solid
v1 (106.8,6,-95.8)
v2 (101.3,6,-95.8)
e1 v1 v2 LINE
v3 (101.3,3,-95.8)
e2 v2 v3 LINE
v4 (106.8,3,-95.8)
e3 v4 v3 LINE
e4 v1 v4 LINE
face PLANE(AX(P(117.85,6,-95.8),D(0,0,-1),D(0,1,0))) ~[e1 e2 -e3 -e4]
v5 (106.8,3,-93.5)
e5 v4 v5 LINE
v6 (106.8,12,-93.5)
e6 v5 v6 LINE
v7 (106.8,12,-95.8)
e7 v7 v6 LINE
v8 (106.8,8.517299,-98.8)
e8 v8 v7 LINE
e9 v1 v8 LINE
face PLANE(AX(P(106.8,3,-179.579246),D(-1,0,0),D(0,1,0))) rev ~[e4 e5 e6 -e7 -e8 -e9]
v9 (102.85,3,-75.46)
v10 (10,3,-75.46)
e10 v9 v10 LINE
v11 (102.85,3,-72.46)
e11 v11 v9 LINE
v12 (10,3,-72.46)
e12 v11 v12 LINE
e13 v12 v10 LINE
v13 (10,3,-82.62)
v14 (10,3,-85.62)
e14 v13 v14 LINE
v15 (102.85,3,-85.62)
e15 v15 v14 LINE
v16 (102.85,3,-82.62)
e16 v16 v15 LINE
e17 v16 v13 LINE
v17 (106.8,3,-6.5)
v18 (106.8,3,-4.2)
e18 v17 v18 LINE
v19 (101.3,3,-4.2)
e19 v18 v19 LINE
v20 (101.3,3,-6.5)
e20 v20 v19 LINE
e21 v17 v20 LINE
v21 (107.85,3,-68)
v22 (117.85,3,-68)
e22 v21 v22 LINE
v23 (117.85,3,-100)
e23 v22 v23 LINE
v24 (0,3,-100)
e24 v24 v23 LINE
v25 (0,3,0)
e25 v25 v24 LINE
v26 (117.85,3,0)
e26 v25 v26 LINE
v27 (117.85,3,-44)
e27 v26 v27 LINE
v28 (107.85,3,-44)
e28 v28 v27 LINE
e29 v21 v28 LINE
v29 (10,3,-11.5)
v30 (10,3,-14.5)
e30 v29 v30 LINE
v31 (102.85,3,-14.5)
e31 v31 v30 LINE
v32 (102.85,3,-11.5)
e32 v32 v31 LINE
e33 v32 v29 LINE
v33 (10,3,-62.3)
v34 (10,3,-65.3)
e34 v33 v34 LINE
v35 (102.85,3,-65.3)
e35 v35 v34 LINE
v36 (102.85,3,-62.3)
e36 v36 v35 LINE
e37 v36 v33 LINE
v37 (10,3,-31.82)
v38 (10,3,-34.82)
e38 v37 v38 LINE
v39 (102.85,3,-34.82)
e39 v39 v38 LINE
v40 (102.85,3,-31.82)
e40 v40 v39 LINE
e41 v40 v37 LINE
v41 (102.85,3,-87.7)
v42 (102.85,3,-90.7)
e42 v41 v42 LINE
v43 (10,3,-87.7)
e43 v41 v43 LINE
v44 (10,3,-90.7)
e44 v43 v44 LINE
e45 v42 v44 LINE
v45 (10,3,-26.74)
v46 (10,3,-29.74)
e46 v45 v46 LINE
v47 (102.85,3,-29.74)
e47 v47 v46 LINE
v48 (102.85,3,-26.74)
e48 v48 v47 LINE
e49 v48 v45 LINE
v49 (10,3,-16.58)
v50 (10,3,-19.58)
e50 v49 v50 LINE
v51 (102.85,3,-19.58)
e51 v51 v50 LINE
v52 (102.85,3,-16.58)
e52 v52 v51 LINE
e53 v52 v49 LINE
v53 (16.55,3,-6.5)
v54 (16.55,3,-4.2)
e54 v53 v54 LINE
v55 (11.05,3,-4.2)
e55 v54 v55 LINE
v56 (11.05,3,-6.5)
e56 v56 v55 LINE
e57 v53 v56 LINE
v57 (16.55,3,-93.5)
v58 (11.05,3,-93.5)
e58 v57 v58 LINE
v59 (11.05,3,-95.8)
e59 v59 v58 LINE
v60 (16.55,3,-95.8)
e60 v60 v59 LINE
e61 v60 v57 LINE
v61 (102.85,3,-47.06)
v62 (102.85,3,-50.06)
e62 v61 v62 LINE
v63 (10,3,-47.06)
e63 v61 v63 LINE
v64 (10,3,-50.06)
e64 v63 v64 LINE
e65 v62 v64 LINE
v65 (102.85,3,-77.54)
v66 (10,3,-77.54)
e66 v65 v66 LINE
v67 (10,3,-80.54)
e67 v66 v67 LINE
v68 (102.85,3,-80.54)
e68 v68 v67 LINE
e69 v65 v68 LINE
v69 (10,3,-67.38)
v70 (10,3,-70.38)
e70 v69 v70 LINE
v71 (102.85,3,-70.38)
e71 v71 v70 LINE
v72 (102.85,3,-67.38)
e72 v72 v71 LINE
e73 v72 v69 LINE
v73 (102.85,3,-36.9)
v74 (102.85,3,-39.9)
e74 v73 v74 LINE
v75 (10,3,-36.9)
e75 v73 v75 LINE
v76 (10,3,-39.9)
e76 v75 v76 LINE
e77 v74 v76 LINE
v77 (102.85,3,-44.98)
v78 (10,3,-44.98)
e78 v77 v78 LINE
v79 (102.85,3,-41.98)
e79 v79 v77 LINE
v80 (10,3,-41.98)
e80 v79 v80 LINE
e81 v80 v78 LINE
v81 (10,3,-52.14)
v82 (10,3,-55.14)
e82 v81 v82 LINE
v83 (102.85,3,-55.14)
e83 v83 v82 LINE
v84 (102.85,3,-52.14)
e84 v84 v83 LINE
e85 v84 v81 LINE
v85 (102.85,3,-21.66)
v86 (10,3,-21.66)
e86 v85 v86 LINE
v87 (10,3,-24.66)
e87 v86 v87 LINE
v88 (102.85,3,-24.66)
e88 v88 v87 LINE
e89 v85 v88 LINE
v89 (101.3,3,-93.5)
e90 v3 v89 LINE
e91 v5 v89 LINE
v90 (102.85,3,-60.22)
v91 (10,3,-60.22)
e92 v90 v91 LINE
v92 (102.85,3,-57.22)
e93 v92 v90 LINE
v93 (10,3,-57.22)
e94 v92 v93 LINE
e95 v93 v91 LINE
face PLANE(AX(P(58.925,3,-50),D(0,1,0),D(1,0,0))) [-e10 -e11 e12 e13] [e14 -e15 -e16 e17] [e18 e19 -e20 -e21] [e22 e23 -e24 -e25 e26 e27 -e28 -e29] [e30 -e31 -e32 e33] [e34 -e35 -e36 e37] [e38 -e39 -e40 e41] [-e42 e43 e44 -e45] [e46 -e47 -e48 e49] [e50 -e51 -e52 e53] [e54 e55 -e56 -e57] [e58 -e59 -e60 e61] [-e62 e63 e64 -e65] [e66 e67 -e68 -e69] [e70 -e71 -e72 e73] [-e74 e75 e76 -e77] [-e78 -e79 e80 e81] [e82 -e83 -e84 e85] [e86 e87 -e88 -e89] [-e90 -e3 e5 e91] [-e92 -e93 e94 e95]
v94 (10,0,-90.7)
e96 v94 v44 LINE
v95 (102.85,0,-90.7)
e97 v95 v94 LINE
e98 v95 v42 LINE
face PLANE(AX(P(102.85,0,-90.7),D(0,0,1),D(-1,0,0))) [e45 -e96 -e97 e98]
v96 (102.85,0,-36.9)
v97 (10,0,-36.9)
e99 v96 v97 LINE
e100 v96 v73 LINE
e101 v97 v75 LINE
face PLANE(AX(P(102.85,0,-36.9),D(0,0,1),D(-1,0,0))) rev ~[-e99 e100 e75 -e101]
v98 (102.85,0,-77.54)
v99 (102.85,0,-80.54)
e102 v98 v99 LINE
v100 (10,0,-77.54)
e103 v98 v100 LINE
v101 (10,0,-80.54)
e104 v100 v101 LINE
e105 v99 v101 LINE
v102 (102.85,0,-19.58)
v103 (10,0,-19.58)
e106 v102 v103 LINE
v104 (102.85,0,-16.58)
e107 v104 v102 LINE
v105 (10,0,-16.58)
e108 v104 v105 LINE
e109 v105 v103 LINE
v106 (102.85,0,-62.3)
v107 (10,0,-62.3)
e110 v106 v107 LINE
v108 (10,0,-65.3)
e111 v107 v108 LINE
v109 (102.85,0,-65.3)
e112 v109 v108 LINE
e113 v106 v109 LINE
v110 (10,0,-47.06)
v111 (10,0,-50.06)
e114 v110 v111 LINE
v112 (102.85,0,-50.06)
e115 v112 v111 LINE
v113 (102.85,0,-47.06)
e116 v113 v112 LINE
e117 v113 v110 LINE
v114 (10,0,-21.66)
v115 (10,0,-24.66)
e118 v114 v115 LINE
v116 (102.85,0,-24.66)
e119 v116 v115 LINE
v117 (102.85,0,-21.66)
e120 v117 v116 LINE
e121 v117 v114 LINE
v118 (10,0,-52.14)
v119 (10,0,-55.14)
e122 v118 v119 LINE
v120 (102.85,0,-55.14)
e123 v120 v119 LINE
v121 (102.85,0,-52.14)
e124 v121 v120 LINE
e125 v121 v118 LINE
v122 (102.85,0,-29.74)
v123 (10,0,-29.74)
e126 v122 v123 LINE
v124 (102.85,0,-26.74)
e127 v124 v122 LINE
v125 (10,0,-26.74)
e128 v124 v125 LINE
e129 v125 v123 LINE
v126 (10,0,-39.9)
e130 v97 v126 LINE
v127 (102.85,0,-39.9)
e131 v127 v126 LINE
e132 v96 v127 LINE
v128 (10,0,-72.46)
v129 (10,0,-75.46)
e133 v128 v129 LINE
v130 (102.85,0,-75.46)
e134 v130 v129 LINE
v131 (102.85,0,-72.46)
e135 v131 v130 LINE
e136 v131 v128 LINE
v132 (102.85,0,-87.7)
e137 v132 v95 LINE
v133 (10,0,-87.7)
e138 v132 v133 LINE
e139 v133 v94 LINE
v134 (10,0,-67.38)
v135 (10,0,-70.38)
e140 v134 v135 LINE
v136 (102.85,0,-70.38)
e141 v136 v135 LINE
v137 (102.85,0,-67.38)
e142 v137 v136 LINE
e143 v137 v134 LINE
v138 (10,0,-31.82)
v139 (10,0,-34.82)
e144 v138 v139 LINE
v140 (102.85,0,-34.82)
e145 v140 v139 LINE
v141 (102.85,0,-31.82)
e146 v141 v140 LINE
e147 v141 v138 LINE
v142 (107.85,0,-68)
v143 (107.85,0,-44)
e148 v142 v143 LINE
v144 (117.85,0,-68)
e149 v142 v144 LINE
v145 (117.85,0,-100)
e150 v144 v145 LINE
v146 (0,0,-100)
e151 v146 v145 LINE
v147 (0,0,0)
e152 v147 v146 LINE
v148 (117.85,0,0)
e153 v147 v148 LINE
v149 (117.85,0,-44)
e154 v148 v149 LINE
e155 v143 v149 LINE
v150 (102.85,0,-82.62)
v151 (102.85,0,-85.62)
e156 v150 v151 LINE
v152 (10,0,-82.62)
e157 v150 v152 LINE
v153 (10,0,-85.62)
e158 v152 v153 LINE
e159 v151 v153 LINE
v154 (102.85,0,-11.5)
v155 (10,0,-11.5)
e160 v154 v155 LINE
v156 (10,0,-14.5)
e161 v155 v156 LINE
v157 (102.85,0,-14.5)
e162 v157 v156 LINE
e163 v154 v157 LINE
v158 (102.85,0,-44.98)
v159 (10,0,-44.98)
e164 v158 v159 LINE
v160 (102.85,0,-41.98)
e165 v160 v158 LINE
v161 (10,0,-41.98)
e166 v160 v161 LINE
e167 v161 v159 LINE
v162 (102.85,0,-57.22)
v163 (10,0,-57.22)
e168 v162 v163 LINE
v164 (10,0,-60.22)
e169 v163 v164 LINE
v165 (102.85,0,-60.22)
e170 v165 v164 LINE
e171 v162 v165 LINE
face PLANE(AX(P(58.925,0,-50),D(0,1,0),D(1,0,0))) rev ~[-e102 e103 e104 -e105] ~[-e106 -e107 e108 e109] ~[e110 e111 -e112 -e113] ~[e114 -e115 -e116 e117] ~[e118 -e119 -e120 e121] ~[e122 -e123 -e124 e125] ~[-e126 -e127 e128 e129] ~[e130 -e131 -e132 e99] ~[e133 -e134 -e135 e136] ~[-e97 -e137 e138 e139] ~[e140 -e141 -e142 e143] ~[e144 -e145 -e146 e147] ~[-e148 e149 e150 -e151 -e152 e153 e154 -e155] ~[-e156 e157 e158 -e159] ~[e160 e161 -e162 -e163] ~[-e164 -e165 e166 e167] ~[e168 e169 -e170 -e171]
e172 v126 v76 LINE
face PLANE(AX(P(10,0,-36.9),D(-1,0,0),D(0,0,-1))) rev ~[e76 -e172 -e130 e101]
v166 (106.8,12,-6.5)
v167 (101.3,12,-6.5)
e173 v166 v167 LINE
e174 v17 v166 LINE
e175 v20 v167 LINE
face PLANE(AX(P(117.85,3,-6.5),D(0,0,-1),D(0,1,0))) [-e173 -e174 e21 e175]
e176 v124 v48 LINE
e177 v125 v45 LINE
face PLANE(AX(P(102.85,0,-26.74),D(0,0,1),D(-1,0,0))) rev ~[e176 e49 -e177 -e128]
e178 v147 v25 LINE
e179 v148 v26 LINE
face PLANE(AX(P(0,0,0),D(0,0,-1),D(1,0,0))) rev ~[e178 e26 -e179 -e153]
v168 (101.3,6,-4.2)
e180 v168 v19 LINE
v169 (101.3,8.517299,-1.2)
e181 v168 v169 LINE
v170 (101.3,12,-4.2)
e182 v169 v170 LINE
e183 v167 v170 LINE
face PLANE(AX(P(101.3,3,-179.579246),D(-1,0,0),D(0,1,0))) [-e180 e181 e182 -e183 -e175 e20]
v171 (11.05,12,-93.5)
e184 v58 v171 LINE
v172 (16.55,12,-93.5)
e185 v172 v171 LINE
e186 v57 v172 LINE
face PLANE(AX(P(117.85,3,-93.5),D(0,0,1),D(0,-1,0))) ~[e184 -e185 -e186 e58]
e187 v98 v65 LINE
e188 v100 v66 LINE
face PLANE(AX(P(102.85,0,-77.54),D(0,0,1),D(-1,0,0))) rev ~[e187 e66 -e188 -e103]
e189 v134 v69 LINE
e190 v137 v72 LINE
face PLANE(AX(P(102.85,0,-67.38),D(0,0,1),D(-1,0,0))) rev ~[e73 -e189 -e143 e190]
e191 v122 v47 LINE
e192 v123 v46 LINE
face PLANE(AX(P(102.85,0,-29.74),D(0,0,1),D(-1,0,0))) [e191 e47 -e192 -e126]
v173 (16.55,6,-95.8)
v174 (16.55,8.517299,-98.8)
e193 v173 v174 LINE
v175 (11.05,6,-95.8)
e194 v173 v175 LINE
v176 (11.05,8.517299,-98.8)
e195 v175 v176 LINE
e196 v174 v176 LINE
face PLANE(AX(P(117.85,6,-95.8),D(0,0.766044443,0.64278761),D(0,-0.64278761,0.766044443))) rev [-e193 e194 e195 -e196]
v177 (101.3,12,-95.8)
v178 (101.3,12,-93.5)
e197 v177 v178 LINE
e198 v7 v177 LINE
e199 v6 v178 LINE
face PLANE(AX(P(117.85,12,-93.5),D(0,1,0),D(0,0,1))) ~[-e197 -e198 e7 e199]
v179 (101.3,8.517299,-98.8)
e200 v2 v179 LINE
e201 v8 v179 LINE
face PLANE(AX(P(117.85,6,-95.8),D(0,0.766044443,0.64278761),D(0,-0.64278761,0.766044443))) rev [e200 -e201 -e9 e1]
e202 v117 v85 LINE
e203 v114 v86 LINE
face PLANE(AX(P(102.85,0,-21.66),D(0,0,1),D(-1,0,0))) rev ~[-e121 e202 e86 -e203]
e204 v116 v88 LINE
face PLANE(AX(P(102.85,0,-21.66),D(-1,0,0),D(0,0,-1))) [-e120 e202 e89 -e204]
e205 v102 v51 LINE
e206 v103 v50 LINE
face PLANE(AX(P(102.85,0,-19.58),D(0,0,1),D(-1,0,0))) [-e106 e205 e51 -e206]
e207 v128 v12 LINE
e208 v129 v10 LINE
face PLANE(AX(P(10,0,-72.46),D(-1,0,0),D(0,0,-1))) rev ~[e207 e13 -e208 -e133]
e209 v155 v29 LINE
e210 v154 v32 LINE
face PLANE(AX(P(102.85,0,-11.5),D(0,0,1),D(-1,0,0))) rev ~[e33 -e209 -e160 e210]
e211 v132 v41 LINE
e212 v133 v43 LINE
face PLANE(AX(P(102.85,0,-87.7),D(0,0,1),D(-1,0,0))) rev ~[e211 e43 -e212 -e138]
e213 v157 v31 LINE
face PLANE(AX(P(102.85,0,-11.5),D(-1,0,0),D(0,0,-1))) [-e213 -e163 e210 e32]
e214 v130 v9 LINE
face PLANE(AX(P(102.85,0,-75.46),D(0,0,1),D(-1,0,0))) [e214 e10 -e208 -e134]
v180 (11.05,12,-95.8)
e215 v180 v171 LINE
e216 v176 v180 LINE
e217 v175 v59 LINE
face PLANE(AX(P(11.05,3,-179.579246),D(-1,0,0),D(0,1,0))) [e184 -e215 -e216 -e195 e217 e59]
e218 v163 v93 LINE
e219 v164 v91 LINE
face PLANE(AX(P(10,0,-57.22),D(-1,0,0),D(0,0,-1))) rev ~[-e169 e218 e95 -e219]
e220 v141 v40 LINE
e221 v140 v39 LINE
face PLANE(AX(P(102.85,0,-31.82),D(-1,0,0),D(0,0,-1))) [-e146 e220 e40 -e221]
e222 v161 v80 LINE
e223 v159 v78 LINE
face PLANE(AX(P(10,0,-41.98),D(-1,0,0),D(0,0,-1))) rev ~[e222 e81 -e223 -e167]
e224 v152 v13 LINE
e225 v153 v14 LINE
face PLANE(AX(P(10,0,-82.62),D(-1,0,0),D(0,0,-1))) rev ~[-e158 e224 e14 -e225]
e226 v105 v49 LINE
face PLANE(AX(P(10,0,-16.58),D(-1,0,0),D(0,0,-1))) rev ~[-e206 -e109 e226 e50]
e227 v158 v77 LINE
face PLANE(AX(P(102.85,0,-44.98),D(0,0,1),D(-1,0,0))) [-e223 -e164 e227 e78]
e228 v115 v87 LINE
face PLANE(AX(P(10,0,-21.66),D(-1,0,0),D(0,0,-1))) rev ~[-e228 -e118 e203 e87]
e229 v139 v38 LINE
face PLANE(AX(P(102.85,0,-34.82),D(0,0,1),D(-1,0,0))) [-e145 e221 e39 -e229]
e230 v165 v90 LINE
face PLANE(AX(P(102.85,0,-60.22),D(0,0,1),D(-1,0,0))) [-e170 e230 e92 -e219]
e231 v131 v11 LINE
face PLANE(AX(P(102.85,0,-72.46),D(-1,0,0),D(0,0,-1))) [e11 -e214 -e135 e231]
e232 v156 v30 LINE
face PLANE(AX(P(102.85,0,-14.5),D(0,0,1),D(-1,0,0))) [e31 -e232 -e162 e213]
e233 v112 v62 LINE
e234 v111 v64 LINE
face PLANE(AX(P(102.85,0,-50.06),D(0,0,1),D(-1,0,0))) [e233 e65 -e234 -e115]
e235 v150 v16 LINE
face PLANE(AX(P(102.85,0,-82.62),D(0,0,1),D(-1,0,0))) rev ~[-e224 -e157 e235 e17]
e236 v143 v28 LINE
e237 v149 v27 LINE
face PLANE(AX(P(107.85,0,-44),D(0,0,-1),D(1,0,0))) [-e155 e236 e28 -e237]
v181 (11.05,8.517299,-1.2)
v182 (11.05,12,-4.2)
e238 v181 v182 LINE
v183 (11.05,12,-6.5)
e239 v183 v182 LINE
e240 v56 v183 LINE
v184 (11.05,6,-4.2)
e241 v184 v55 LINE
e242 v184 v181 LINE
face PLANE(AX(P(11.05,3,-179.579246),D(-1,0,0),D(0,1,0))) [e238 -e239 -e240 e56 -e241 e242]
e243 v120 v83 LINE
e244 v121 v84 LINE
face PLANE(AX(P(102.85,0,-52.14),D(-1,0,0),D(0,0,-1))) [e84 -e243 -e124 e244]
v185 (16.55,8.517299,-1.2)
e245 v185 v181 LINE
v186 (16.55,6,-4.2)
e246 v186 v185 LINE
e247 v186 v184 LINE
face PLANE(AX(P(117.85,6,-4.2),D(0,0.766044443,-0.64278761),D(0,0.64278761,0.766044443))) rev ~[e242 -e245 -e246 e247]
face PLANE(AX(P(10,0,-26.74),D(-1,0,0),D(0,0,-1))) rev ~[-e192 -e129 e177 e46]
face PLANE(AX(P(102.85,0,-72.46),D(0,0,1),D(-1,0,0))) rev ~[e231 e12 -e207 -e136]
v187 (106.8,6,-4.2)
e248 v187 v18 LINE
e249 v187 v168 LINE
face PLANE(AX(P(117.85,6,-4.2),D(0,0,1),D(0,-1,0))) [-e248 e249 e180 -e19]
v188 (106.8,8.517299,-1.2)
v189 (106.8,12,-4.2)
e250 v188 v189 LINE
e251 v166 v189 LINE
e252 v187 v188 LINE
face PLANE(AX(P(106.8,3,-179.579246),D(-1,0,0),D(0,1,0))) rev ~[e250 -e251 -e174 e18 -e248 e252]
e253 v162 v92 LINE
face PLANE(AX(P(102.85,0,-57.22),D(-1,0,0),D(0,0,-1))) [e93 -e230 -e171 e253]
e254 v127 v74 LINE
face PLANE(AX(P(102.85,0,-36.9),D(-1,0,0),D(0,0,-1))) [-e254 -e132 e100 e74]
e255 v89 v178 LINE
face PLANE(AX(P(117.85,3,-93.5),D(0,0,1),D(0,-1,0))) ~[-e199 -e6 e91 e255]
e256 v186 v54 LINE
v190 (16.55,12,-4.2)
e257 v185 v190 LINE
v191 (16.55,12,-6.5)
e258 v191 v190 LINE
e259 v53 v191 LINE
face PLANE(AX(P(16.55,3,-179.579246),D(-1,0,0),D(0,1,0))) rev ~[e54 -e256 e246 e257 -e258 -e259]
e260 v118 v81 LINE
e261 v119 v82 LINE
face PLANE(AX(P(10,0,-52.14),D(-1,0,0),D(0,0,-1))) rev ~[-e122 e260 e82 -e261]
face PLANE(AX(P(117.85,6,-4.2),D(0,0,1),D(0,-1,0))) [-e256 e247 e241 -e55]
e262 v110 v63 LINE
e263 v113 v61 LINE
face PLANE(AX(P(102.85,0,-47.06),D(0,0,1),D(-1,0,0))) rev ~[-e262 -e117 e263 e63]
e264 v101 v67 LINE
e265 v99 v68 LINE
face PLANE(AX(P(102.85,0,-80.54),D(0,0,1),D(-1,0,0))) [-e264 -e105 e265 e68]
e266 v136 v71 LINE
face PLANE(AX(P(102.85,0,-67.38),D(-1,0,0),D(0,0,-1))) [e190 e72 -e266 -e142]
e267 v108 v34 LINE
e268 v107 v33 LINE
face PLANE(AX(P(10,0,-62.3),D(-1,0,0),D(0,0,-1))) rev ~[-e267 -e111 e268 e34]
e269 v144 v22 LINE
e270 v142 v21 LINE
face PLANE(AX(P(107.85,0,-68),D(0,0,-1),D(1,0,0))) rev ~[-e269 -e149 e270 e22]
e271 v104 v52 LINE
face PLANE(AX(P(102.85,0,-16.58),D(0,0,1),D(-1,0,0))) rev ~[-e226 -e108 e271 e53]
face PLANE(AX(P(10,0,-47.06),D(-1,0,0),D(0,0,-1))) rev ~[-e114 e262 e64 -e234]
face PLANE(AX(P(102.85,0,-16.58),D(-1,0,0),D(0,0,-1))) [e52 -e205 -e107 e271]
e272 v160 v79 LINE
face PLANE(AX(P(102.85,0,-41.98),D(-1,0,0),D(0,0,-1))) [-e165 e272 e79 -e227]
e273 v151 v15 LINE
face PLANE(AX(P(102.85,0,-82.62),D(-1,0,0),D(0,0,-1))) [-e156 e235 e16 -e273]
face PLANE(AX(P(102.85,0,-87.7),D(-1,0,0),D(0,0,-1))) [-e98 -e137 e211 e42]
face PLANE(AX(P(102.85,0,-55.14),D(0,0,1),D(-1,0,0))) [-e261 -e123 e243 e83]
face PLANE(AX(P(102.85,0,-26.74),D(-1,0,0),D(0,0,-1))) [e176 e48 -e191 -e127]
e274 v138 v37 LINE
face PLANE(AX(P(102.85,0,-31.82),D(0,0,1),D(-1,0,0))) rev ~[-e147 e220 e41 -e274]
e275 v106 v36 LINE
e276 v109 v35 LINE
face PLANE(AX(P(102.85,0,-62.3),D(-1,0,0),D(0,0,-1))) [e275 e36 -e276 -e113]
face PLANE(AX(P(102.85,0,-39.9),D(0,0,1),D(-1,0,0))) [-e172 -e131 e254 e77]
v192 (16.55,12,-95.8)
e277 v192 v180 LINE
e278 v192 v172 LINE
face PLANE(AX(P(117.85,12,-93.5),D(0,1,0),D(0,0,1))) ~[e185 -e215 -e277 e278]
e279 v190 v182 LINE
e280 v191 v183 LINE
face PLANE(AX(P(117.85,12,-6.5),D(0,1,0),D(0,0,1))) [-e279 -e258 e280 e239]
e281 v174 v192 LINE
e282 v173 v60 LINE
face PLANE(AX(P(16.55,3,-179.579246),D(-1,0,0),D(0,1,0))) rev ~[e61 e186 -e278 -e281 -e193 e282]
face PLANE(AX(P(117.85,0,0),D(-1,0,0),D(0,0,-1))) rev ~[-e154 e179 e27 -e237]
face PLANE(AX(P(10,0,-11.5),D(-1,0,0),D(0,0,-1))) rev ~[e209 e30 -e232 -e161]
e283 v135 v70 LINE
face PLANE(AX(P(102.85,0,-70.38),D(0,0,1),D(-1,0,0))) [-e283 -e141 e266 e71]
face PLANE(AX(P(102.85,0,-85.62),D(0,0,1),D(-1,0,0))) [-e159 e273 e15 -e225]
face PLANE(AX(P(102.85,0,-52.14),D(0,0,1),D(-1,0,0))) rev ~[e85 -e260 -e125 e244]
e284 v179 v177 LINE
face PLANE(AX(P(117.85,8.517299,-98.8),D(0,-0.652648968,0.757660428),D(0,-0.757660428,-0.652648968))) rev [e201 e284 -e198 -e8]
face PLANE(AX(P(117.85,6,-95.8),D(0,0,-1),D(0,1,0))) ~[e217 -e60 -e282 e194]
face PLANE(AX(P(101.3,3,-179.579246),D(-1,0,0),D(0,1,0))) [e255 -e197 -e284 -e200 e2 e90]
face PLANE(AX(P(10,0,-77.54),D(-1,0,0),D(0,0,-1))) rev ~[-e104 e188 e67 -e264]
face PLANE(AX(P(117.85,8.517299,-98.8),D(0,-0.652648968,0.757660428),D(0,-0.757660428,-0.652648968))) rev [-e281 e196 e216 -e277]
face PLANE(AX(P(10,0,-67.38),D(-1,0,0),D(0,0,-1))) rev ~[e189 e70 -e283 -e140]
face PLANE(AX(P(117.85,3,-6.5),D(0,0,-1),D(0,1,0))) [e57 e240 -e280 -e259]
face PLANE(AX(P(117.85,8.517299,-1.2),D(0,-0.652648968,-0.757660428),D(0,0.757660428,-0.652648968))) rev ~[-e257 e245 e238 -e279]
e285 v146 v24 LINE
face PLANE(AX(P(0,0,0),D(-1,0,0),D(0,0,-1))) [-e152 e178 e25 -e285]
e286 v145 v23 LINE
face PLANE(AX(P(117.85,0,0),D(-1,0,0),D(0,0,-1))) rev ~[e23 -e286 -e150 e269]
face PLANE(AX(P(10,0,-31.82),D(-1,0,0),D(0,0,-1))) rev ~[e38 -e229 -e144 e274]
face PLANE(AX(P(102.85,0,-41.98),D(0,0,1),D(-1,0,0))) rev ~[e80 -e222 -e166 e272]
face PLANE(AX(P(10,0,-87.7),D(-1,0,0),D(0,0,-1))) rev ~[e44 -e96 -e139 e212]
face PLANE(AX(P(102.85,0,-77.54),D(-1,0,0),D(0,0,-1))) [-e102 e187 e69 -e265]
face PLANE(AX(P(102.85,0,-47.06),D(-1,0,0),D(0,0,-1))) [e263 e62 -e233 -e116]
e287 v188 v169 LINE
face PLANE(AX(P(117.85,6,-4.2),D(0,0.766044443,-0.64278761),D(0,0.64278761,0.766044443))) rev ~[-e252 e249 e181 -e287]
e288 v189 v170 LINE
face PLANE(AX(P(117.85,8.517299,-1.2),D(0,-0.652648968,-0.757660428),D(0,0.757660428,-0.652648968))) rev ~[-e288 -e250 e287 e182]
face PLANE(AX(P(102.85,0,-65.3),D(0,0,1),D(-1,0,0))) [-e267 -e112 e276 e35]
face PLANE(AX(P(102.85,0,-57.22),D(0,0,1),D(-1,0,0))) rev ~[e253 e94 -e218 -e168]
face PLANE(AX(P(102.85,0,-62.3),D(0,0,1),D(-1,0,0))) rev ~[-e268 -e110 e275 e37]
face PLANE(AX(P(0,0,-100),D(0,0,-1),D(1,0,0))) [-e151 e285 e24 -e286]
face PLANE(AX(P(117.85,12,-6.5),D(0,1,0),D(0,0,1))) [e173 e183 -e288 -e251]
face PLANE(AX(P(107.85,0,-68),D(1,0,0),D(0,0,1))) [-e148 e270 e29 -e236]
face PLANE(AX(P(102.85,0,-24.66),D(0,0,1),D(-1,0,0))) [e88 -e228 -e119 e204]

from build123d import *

# Parameters (mm, degrees)
SKETCH1_W               = 117.85
SKETCH1_H               = 100
BOSS_EXTRUDE1_DEPTH     = 3
BOSS_EXTRUDE2_DEPTH     = 117.85
SKETCH3_W               = 10
SKETCH3_H               = 24
CUT_EXTRUDE1_DEPTH      = 3
CUT_EXTRUDE2_DEPTH      = 129.579245993
CUT_EXTRUDE2_DEPTH_BACK = 129.579245993
SKETCH4_W               = 11.05
SKETCH4_H               = 9
SKETCH4_W_2             = 84.75
SKETCH5_W               = 92.85
SKETCH5_H               = 3
CUT_EXTRUDE3_DEPTH      = 3


with BuildPart() as part:
    # Sketch1 → Boss-Extrude1 (new body)
    with BuildSketch(Plane(origin=(0, 0, 0), x_dir=(1, 0, 0), z_dir=(0, 1, 0))):
        with Locations((58.925, 50)):
            Rectangle(SKETCH1_W, SKETCH1_H)
    extrude(amount=BOSS_EXTRUDE1_DEPTH)

    # Sketch2 → Boss-Extrude2 (add)
    with BuildSketch(Plane(origin=(117.85, 0, 0), x_dir=(0, 0, -1), z_dir=(1, 0, 0))):
        Polygon((4.2, 6), (4.2, 3), (6.5, 3), (6.5, 12), (4.2, 12), align=None)
        Polygon((4.2, 12), (4.2, 6), (1.2, 8.517298894), align=None)
    boss_extrude2 = extrude(amount=-BOSS_EXTRUDE2_DEPTH)

    # Sketch3 → Cut-Extrude1 (cut)
    with BuildSketch(Plane.XZ):
        with Locations((112.85, -56)):
            Rectangle(SKETCH3_W, SKETCH3_H)
    extrude(amount=-CUT_EXTRUDE1_DEPTH, mode=Mode.SUBTRACT)

    # Mirror1: Boss-Extrude2 across plane
    add(boss_extrude2.mirror(Plane.XY.offset(-50)))

    # Sketch4 → Cut-Extrude2 (cut, two sides: drawn at the far end of the back side and taken through both)
    with BuildSketch(Plane.XY.offset(-50).offset(-CUT_EXTRUDE2_DEPTH_BACK)):
        with Locations((5.525, 7.5)):
            Rectangle(SKETCH4_W, SKETCH4_H)
        with Locations((112.325, 7.5)):
            Rectangle(SKETCH4_W, SKETCH4_H)
        with Locations((58.925, 7.5)):
            Rectangle(SKETCH4_W_2, SKETCH4_H)
    extrude(amount=CUT_EXTRUDE2_DEPTH + CUT_EXTRUDE2_DEPTH_BACK, mode=Mode.SUBTRACT)

    # Sketch5 → Cut-Extrude3 (cut)
    with BuildSketch(Plane(origin=(0, 0, 0), x_dir=(-1, 0, 0), z_dir=(0, -1, 0))):
        with Locations((-56.425, 13)):
            Rectangle(SKETCH5_W, SKETCH5_H)
        with Locations((-56.425, 18.08)):
            Rectangle(SKETCH5_W, SKETCH5_H)
        with Locations((-56.425, 23.16)):
            Rectangle(SKETCH5_W, SKETCH5_H)
        with Locations((-56.425, 28.24)):
            Rectangle(SKETCH5_W, SKETCH5_H)
        with Locations((-56.425, 33.32)):
            Rectangle(SKETCH5_W, SKETCH5_H)
        with Locations((-56.425, 38.4)):
            Rectangle(SKETCH5_W, SKETCH5_H)
        with Locations((-56.425, 43.48)):
            Rectangle(SKETCH5_W, SKETCH5_H)
        with Locations((-56.425, 48.56)):
            Rectangle(SKETCH5_W, SKETCH5_H)
        with Locations((-56.425, 53.64)):
            Rectangle(SKETCH5_W, SKETCH5_H)
        with Locations((-56.425, 58.72)):
            Rectangle(SKETCH5_W, SKETCH5_H)
        with Locations((-56.425, 63.8)):
            Rectangle(SKETCH5_W, SKETCH5_H)
        with Locations((-56.425, 68.88)):
            Rectangle(SKETCH5_W, SKETCH5_H)
        with Locations((-56.425, 73.96)):
            Rectangle(SKETCH5_W, SKETCH5_H)
        with Locations((-56.425, 79.04)):
            Rectangle(SKETCH5_W, SKETCH5_H)
        with Locations((-56.425, 84.12)):
            Rectangle(SKETCH5_W, SKETCH5_H)
        with Locations((-56.425, 89.2)):
            Rectangle(SKETCH5_W, SKETCH5_H)
    extrude(amount=-CUT_EXTRUDE3_DEPTH, mode=Mode.SUBTRACT)


solid = part.part
